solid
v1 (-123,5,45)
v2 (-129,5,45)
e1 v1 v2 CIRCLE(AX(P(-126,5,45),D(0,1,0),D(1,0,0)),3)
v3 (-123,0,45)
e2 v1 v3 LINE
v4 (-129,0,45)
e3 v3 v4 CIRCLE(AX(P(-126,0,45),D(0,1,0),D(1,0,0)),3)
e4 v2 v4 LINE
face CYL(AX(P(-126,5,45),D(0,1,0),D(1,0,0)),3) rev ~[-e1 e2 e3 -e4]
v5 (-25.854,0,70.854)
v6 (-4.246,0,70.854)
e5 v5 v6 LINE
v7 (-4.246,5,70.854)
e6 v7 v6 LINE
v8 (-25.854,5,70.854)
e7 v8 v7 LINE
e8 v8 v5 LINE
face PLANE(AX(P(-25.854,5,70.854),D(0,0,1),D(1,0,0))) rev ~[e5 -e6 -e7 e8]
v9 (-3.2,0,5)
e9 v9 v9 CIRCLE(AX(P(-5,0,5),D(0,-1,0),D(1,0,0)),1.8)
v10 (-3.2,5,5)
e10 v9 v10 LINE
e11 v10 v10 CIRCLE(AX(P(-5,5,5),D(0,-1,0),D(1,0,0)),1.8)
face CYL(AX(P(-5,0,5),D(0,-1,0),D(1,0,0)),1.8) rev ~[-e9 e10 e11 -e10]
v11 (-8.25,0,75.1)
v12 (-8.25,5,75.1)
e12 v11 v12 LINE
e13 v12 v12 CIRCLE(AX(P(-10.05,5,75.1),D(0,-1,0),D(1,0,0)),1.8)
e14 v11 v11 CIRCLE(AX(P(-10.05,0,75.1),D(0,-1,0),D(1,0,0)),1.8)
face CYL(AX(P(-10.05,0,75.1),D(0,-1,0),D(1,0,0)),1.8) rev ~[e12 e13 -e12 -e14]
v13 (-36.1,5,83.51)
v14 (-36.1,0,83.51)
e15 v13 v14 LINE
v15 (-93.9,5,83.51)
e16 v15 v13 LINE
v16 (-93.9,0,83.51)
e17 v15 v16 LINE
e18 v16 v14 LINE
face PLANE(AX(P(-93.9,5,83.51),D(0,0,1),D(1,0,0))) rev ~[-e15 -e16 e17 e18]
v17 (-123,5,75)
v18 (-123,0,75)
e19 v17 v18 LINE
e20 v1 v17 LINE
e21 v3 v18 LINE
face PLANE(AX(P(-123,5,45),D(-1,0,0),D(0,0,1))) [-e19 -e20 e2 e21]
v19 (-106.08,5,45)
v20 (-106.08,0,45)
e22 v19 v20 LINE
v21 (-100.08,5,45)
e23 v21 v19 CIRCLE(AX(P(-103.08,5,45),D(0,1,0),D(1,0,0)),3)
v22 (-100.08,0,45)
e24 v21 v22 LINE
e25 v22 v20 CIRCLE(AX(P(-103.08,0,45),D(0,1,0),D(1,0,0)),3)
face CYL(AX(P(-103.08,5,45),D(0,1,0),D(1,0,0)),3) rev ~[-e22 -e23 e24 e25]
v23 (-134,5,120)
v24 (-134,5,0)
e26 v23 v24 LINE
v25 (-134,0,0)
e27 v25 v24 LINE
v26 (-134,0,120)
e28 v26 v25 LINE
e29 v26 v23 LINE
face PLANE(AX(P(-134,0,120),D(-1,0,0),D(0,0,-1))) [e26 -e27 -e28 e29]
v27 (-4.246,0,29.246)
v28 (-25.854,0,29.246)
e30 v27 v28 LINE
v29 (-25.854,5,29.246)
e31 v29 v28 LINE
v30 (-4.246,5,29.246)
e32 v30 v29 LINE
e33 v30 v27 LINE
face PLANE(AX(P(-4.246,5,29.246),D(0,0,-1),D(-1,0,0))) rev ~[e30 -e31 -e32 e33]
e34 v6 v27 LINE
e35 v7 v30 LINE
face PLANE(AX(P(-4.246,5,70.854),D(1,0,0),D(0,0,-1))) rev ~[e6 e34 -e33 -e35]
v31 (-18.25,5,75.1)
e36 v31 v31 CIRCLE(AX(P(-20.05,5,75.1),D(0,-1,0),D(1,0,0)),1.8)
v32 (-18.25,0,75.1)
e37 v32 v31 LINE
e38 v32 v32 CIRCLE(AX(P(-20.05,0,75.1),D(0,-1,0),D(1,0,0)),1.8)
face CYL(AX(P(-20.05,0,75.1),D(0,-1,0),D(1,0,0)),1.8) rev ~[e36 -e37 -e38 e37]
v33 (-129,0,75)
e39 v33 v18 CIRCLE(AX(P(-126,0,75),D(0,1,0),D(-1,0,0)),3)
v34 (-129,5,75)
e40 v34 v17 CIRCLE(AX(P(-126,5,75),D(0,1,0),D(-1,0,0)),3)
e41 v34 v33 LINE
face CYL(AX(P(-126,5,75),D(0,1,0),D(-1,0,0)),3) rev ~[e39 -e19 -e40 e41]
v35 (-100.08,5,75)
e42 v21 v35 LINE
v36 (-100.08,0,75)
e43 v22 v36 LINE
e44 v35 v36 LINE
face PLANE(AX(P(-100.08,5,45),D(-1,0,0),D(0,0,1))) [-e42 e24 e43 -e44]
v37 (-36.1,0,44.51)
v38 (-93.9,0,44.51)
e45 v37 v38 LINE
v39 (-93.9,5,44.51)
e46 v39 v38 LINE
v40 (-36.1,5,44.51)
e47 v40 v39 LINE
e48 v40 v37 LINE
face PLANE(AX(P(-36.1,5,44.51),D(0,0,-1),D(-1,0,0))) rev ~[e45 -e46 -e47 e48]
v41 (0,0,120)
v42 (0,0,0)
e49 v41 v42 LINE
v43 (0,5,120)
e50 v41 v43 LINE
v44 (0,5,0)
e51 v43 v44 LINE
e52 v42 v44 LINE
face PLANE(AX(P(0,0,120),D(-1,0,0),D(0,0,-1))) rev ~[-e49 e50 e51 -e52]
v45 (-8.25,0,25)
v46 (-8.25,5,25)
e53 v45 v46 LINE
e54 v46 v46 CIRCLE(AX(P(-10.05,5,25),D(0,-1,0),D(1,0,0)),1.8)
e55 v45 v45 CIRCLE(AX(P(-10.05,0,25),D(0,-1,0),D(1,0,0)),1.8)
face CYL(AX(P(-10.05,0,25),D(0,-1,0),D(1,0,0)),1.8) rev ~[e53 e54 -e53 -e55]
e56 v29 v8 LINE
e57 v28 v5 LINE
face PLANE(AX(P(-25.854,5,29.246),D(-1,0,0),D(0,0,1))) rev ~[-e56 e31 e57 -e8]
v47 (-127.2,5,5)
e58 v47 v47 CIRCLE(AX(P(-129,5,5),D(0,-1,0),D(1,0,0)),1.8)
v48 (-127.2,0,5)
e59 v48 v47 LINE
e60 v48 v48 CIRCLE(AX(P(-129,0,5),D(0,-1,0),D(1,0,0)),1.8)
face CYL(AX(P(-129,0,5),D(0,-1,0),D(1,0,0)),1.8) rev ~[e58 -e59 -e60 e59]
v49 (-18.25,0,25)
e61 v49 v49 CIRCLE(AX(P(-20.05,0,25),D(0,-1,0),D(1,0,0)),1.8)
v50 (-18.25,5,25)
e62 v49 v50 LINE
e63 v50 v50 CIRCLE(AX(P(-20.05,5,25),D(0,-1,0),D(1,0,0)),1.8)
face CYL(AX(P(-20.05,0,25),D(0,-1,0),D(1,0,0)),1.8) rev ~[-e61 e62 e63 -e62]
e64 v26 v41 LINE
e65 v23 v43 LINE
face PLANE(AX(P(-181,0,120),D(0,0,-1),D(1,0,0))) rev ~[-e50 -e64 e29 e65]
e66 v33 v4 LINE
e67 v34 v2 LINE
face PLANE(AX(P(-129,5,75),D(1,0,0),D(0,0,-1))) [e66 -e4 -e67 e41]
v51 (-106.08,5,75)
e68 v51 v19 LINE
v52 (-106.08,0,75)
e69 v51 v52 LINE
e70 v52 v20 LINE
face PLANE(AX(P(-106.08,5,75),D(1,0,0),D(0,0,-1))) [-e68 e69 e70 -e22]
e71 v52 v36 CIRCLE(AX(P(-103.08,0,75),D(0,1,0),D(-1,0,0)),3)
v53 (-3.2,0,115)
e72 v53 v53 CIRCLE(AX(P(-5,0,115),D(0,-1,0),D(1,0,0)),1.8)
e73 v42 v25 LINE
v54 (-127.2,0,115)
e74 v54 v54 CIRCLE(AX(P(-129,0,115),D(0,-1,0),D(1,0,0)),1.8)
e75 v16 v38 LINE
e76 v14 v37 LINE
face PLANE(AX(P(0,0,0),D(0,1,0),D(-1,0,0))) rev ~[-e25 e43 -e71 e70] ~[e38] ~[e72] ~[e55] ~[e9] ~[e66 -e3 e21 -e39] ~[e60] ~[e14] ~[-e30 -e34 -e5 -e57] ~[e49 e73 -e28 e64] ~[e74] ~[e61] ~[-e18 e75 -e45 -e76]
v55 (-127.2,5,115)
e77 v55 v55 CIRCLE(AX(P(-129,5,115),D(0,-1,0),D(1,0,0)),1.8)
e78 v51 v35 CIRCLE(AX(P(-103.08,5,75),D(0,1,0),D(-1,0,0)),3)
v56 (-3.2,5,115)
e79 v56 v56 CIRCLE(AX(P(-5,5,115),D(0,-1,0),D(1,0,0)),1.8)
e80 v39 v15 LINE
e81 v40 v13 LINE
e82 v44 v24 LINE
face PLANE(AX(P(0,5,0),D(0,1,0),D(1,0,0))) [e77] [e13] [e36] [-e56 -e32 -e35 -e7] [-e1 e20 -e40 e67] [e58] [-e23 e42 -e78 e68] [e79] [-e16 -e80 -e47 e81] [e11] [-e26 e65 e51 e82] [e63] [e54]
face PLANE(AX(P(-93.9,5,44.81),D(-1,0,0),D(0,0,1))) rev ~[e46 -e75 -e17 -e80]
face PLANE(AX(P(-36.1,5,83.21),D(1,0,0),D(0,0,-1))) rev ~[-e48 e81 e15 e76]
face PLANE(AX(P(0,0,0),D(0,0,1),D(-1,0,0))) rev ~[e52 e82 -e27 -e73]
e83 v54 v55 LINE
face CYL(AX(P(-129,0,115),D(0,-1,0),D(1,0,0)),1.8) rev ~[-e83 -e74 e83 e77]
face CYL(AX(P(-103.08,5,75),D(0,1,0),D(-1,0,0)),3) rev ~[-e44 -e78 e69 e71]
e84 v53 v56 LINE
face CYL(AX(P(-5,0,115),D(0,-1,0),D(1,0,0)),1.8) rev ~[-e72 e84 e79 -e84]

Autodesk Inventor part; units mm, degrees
ref_plane "YZ Plane" through (0, 0, 0) normal (1, 0, 0) x (0, 1, 0)
ref_plane "XZ Plane" through (0, 0, 0) normal (0, 1, 0) x (-1, 0, 0)
ref_plane "XY Plane" through (0, 0, 0) normal (0, 0, 1) x (1, 0, 0)
sketch "Sketch20" plane through (0, 0, 0) normal (0, 1, 0) x (-1, 0, 0)
  line L0 (0, 0) -> (181, 0)
  line L1 (181, 0) -> (181, 120)
  line L2 (181, 120) -> (0, 120)
  line L3 (0, 120) -> (0, 0)
  point P0 (90.5, 120)
  dimension "d122" = 181
  dimension "d123" = 120
extrude "Extrusion15" add sketch "Sketch20" along normal blind 5
sketch "Sketch22" plane through (0, 0, 0) normal (0, -1, 0) x (1, 0, 0)
  line L0 (-25.1, 70.1) -> (-5, 70.1)
  line L1 (-5, 70.1) -> (-5, 30)
  line L2 (-5, 30) -> (-25.1, 30)
  line L3 (-25.1, 30) -> (-25.1, 70.1)
  circle A0 centre (-15.05, 60) radius 1 construction
  line L4 (0, 120) -> (0, 0) construction
  circle A1 centre (-20.05, 25) radius 1.8
  circle A2 centre (-10.05, 25) radius 1.8
  circle A3 centre (-20.05, 75.1) radius 1.8
  circle A4 centre (-10.05, 75.1) radius 1.8
  line L5 (-15.05, 60) -> (0, 60) construction
  dimension "d126" = 40.1
  dimension "d127" = 20.1
  dimension "d128" = 2
  dimension "d129" = 30
  dimension "d130" = 10.05
  dimension "d134" = 5
  dimension "d135" = 5
  dimension "d136" = -5
  dimension "d137" = 5
  dimension "d138" = 5.05
  dimension "d139" = 5.05
  dimension "d140" = 5.05
  dimension "d141" = 5.05
  dimension "d142" = 3.6
  dimension "d159" = 15.05
extrude "Extrusion16" cut sketch "Sketch22" against normal blind 5
sketch "Sketch25" plane through (0, 0, 0) normal (0, -1, 0) x (1, 0, 0)
  line L0 (-181, 0) -> (-181, 120) projected
  line L1 (0, 0) -> (-181, 0) projected
  line L2 (-181, 120) -> (-134, 120)
  line L3 (-134, 120) -> (-134, 0)
  line L4 (-134, 0) -> (-181, 0)
  line L5 (-181, 0) -> (-181, 120)
  dimension "d150" = 47
extrude "Extrusion18" cut sketch "Sketch25" against normal blind 5
sketch "Sketch24" plane through (0, 0, 0) normal (0, -1, 0) x (1, 0, 0)
  circle A0 centre (-5, 5) radius 1.8
  circle A1 centre (-5, 115) radius 1.8
  circle A2 centre (-129, 115) radius 1.8
  circle A3 centre (-129, 5) radius 1.8
  line L0 (0, 0) -> (-181, 0) projected
  line L1 (0, 120) -> (0, 0) projected
  line L2 (-181, 120) -> (0, 120) projected
  circle A4 centre (-20.05, 25) radius 1.8 projected
  circle A5 centre (-10.05, 25) radius 1.8 projected
  circle A6 centre (-10.05, 75.1) radius 1.8 projected
  line L3 (-5, 70.1) -> (-5, 30) projected
  line L4 (-5, 30) -> (-25.1, 30) projected
  line L5 (-25.1, 30) -> (-25.1, 70.1) projected
  line L6 (-25.1, 70.1) -> (-5, 70.1) projected
  circle A7 centre (-20.05, 75.1) radius 1.8 projected
  line L7 (0, 0) -> (-134, 0) projected
  line L8 (0, 120) -> (0, 0) projected
  line L9 (-134, 120) -> (0, 120) projected
  line L10 (-134, 120) -> (-134, 0) projected
  dimension "d143" = 5
  dimension "d144" = 5
  dimension "d145" = 3.6
  dimension "d146" = 5
  dimension "d147" = 5
  dimension "d154" = 5
  dimension "d156" = 5
  dimension "d157" = 5
  dimension "d158" = 5
extrude "Extrusion17" cut sketch "Sketch24" against normal blind 5 contours A0 | A1 | A2 | A3
sketch "Sketch26" plane through (0, 0, 0) normal (0, -1, 0) x (1, 0, 0)
  circle A0 centre (-5, 5) radius 1.8 projected
  circle A1 centre (-129, 5) radius 1.8 projected
  circle A2 centre (-5, 115) radius 1.8 projected
  circle A3 centre (-129, 115) radius 1.8 projected
  line L0 (-134, 120) -> (-134, 0) projected
  line L1 (0, 0) -> (-134, 0) projected
  line L2 (0, 120) -> (0, 0) projected
  line L3 (-134, 120) -> (0, 120) projected
  circle A4 centre (-20.05, 25) radius 1.8 projected
  circle A5 centre (-10.05, 25) radius 1.8 projected
  circle A6 centre (-10.05, 75.1) radius 1.8 projected
  line L4 (-5, 70.1) -> (-5, 30) projected
  line L5 (-5, 30) -> (-25.1, 30) projected
  line L6 (-25.1, 30) -> (-25.1, 70.1) projected
  line L7 (-25.1, 70.1) -> (-5, 70.1) projected
  circle A7 centre (-20.05, 75.1) radius 1.8 projected
  line L8 (-4.5, 70.6) -> (-4.5, 29.5)
  line L9 (-4.5, 29.5) -> (-25.6, 29.5)
  line L10 (-25.6, 29.5) -> (-25.6, 70.6)
  line L11 (-25.6, 70.6) -> (-4.5, 70.6)
  dimension "d176" = 0.5
extrude "Extrusion19" cut sketch "Sketch26" against normal blind 25.4 contours L4 L5 L6 L7 | L8 L9 L10 L11
sketch "Sketch28" plane through (0, 5, 0) normal (0, 1, 0) x (1, 0, 0)
  line L0 (-49, -83.3) -> (-81, -83.3) projected
  arc A0 (-85, -79.3) -> (-81, -83.3) centre (-81, -79.3) ccw projected
  line L1 (-85, -79.3) -> (-85, -47.3) projected
  arc A1 (-81, -43.3) -> (-85, -47.3) centre (-81, -47.3) ccw projected
  line L2 (-81, -43.3) -> (-49, -43.3) projected
  arc A2 (-45, -47.3) -> (-49, -43.3) centre (-49, -47.3) ccw projected
  line L3 (-45, -47.3) -> (-45, -79.3) projected
  arc A3 (-49, -83.3) -> (-45, -79.3) centre (-49, -79.3) ccw projected
  line L4 (-81, -88.38) -> (-49, -88.38)
  arc A4 (-49, -88.38) -> (-39.92, -79.3) centre (-49, -79.3) ccw
  line L5 (-39.92, -79.3) -> (-39.92, -47.3)
  arc A5 (-39.92, -47.3) -> (-49, -38.22) centre (-49, -47.3) ccw
  line L6 (-49, -38.22) -> (-81, -38.22)
  arc A6 (-81, -38.22) -> (-90.08, -47.3) centre (-81, -47.3) ccw
  line L7 (-90.08, -47.3) -> (-90.08, -79.3)
  arc A7 (-90.08, -79.3) -> (-81, -88.38) centre (-81, -79.3) ccw
  point P0 (0, 0)
  dimension "d165" = 5.08
extrude "Extrusion21" cut sketch "Sketch28" against normal blind 25.4 contours L0 A0 L1 A1 L2 A2 L3 A3 | A7 L7 A6 L6 A5 L5 A4 L4
sketch "Sketch29" plane through (0, 5, 0) normal (0, 1, 0) x (1, 0, 0)
  arc A0 (-106.08, -75) -> (-100.08, -75) centre (-103.08, -75) ccw
  line L0 (-100.08, -45) -> (-100.08, -75)
  line L1 (-106.08, -75) -> (-106.08, -45)
  arc A1 (-129, -75) -> (-123, -75) centre (-126, -75) ccw
  line L2 (-123, -45) -> (-123, -75)
  line L3 (-129, -75) -> (-129, -45)
  arc A2 (-123, -45) -> (-129, -45) centre (-126, -45) ccw
  arc A3 (-100.08, -45) -> (-106.08, -45) centre (-103.08, -45) ccw
  line L4 (-39.92, -47.3) -> (-39.92, -79.3) projected
  arc A4 (-49, -88.38) -> (-39.92, -79.3) centre (-49, -79.3) ccw projected
  line L5 (-49, -88.38) -> (-81, -88.38) projected
  arc A5 (-90.08, -79.3) -> (-81, -88.38) centre (-81, -79.3) ccw projected
  line L6 (-90.08, -79.3) -> (-90.08, -47.3) projected
  arc A6 (-81, -38.22) -> (-90.08, -47.3) centre (-81, -47.3) ccw projected
  line L7 (-81, -38.22) -> (-49, -38.22) projected
  arc A7 (-39.92, -47.3) -> (-49, -38.22) centre (-49, -47.3) ccw projected
  line L8 (-25.6, -29.5) -> (-4.5, -29.5) projected
  line L9 (-4.5, -29.5) -> (-4.5, -70.6) projected
  line L10 (-4.5, -70.6) -> (-25.6, -70.6) projected
  line L11 (-25.6, -70.6) -> (-25.6, -29.5) projected
  circle A8 centre (-5, -5) radius 1.8 projected
  circle A9 centre (-129, -5) radius 1.8 projected
  circle A10 centre (-5, -115) radius 1.8 projected
  circle A11 centre (-129, -115) radius 1.8 projected
  line L12 (-134, 0) -> (-134, -120) projected
  line L13 (-134, -120) -> (0, -120) projected
  line L14 (0, -120) -> (0, 0) projected
  line L15 (0, 0) -> (-134, 0) projected
  circle A12 centre (-20.05, -75.1) radius 1.8 projected
  circle A13 centre (-10.05, -75.1) radius 1.8 projected
  circle A14 centre (-10.05, -25) radius 1.8 projected
  circle A15 centre (-20.05, -25) radius 1.8 projected
  line L16 (-129, -60) -> (-134, -60) construction
  line L17 (-106.08, -60) -> (-123, -60) construction
  line L18 (-129, -45) -> (-126, -45) construction
  line L19 (-103.08, -45) -> (-106.08, -45) construction
  dimension "d139" = 5.05
  dimension "d168" = 30
  dimension "d169" = 5
  dimension "d170" = 10
  dimension "d171" = 6
  dimension "d172" = 6
  dimension "d173" = 3
extrude "Extrusion22" cut sketch "Sketch29" against normal blind 25.4 contours L1 A3 L0 A0 | L3 A2 L2 A1
sketch "Sketch30" plane through (0, 5, 0) normal (0, 1, 0) x (1, 0, 0)
  arc A0 (-100.08, -45) -> (-106.08, -45) centre (-103.08, -45) ccw projected
  line L0 (-100.08, -45) -> (-100.08, -75) projected
  arc A1 (-106.08, -75) -> (-100.08, -75) centre (-103.08, -75) ccw projected
  line L1 (-106.08, -75) -> (-106.08, -45) projected
  arc A2 (-123, -45) -> (-129, -45) centre (-126, -45) ccw projected
  line L2 (-123, -45) -> (-123, -75) projected
  arc A3 (-129, -75) -> (-123, -75) centre (-126, -75) ccw projected
  line L3 (-129, -75) -> (-129, -45) projected
  line L4 (-39.92, -47.3) -> (-39.92, -79.3) projected
  arc A4 (-49, -88.38) -> (-39.92, -79.3) centre (-49, -79.3) ccw projected
  line L5 (-49, -88.38) -> (-81, -88.38) projected
  arc A5 (-90.08, -79.3) -> (-81, -88.38) centre (-81, -79.3) ccw projected
  line L6 (-90.08, -79.3) -> (-90.08, -47.3) projected
  arc A6 (-81, -38.22) -> (-90.08, -47.3) centre (-81, -47.3) ccw projected
  line L7 (-81, -38.22) -> (-49, -38.22) projected
  arc A7 (-39.92, -47.3) -> (-49, -38.22) centre (-49, -47.3) ccw projected
  line L8 (-25.6, -29.5) -> (-4.5, -29.5) projected
  line L9 (-4.5, -29.5) -> (-4.5, -70.6) projected
  line L10 (-4.5, -70.6) -> (-25.6, -70.6) projected
  line L11 (-25.6, -70.6) -> (-25.6, -29.5) projected
  circle A8 centre (-5, -5) radius 1.8 projected
  circle A9 centre (-129, -5) radius 1.8 projected
  circle A10 centre (-5, -115) radius 1.8 projected
  circle A11 centre (-129, -115) radius 1.8 projected
  line L12 (-134, 0) -> (-134, -120) projected
  line L13 (-134, -120) -> (0, -120) projected
  line L14 (0, -120) -> (0, 0) projected
  line L15 (0, 0) -> (-134, 0) projected
  circle A12 centre (-20.05, -75.1) radius 1.8 projected
  circle A13 centre (-10.05, -75.1) radius 1.8 projected
  circle A14 centre (-10.05, -25) radius 1.8 projected
  circle A15 centre (-20.05, -25) radius 1.8 projected
extrude "Extrusion23" add sketch "Sketch30" against normal blind 5 contours L4 A4 L5 A5 L6 A6 L7 A7
sketch "Sketch31" plane through (0, 5, 0) normal (0, 1, 0) x (1, 0, 0)
  arc A0 (-100.08, -45) -> (-106.08, -45) centre (-103.08, -45) ccw projected
  line L0 (-100.08, -45) -> (-100.08, -75) projected
  arc A1 (-106.08, -75) -> (-100.08, -75) centre (-103.08, -75) ccw projected
  line L1 (-106.08, -75) -> (-106.08, -45) projected
  arc A2 (-123, -45) -> (-129, -45) centre (-126, -45) ccw projected
  line L2 (-123, -45) -> (-123, -75) projected
  arc A3 (-129, -75) -> (-123, -75) centre (-126, -75) ccw projected
  line L3 (-129, -75) -> (-129, -45) projected
  line L4 (-25.6, -29.5) -> (-4.5, -29.5) projected
  line L5 (-4.5, -29.5) -> (-4.5, -70.6) projected
  line L6 (-4.5, -70.6) -> (-25.6, -70.6) projected
  line L7 (-25.6, -70.6) -> (-25.6, -29.5) projected
  circle A4 centre (-5, -5) radius 1.8 projected
  circle A5 centre (-129, -5) radius 1.8 projected
  circle A6 centre (-5, -115) radius 1.8 projected
  circle A7 centre (-129, -115) radius 1.8 projected
  line L8 (-134, 0) -> (-134, -120) projected
  line L9 (-134, -120) -> (0, -120) projected
  line L10 (0, -120) -> (0, 0) projected
  line L11 (0, 0) -> (-134, 0) projected
  circle A8 centre (-20.05, -75.1) radius 1.8 projected
  circle A9 centre (-10.05, -75.1) radius 1.8 projected
  circle A10 centre (-10.05, -25) radius 1.8 projected
  circle A11 centre (-20.05, -25) radius 1.8 projected
  line L12 (-4.246, -29.246) -> (-25.854, -29.246)
  line L13 (-25.854, -29.246) -> (-25.854, -70.854)
  line L14 (-25.854, -70.854) -> (-4.246, -70.854)
  line L15 (-4.246, -70.854) -> (-4.246, -29.246)
  dimension "d179" = 0.254
extrude "Extrusion24" cut sketch "Sketch31" against normal blind 5 contours L4 L5 L6 L7 | L15 L14 L13 L12
sketch "Sketch32" plane through (0, 5, 0) normal (0, 1, 0) x (1, 0, 0)
  line L0 (-93.9, -44.81) -> (-93.9, -83.21) projected
  line L1 (-93.9, -83.51) -> (-36.1, -83.51) projected
  line L2 (-93.9, -83.51) -> (-36.1, -83.51) projected
  line L3 (-36.1, -83.21) -> (-36.1, -44.81) projected
  line L4 (-93.9, -83.21) -> (-36.1, -83.21) projected
  line L5 (-36.1, -44.81) -> (-93.9, -44.81) projected
  line L6 (-36.1, -44.51) -> (-93.9, -44.51) projected
  line L7 (-36.1, -44.51) -> (-93.9, -44.51) projected
  line L8 (-36.1, -83.51) -> (-93.9, -83.51)
  line L9 (-93.9, -83.51) -> (-93.9, -44.51)
  line L10 (-93.9, -44.51) -> (-36.1, -44.51)
  line L11 (-36.1, -44.51) -> (-36.1, -83.51)
  point P0 (0, 0)
extrude "Extrusion25" cut sketch "Sketch32" against normal blind 5
properties part number "tamiya_chassis_3DPrint"
